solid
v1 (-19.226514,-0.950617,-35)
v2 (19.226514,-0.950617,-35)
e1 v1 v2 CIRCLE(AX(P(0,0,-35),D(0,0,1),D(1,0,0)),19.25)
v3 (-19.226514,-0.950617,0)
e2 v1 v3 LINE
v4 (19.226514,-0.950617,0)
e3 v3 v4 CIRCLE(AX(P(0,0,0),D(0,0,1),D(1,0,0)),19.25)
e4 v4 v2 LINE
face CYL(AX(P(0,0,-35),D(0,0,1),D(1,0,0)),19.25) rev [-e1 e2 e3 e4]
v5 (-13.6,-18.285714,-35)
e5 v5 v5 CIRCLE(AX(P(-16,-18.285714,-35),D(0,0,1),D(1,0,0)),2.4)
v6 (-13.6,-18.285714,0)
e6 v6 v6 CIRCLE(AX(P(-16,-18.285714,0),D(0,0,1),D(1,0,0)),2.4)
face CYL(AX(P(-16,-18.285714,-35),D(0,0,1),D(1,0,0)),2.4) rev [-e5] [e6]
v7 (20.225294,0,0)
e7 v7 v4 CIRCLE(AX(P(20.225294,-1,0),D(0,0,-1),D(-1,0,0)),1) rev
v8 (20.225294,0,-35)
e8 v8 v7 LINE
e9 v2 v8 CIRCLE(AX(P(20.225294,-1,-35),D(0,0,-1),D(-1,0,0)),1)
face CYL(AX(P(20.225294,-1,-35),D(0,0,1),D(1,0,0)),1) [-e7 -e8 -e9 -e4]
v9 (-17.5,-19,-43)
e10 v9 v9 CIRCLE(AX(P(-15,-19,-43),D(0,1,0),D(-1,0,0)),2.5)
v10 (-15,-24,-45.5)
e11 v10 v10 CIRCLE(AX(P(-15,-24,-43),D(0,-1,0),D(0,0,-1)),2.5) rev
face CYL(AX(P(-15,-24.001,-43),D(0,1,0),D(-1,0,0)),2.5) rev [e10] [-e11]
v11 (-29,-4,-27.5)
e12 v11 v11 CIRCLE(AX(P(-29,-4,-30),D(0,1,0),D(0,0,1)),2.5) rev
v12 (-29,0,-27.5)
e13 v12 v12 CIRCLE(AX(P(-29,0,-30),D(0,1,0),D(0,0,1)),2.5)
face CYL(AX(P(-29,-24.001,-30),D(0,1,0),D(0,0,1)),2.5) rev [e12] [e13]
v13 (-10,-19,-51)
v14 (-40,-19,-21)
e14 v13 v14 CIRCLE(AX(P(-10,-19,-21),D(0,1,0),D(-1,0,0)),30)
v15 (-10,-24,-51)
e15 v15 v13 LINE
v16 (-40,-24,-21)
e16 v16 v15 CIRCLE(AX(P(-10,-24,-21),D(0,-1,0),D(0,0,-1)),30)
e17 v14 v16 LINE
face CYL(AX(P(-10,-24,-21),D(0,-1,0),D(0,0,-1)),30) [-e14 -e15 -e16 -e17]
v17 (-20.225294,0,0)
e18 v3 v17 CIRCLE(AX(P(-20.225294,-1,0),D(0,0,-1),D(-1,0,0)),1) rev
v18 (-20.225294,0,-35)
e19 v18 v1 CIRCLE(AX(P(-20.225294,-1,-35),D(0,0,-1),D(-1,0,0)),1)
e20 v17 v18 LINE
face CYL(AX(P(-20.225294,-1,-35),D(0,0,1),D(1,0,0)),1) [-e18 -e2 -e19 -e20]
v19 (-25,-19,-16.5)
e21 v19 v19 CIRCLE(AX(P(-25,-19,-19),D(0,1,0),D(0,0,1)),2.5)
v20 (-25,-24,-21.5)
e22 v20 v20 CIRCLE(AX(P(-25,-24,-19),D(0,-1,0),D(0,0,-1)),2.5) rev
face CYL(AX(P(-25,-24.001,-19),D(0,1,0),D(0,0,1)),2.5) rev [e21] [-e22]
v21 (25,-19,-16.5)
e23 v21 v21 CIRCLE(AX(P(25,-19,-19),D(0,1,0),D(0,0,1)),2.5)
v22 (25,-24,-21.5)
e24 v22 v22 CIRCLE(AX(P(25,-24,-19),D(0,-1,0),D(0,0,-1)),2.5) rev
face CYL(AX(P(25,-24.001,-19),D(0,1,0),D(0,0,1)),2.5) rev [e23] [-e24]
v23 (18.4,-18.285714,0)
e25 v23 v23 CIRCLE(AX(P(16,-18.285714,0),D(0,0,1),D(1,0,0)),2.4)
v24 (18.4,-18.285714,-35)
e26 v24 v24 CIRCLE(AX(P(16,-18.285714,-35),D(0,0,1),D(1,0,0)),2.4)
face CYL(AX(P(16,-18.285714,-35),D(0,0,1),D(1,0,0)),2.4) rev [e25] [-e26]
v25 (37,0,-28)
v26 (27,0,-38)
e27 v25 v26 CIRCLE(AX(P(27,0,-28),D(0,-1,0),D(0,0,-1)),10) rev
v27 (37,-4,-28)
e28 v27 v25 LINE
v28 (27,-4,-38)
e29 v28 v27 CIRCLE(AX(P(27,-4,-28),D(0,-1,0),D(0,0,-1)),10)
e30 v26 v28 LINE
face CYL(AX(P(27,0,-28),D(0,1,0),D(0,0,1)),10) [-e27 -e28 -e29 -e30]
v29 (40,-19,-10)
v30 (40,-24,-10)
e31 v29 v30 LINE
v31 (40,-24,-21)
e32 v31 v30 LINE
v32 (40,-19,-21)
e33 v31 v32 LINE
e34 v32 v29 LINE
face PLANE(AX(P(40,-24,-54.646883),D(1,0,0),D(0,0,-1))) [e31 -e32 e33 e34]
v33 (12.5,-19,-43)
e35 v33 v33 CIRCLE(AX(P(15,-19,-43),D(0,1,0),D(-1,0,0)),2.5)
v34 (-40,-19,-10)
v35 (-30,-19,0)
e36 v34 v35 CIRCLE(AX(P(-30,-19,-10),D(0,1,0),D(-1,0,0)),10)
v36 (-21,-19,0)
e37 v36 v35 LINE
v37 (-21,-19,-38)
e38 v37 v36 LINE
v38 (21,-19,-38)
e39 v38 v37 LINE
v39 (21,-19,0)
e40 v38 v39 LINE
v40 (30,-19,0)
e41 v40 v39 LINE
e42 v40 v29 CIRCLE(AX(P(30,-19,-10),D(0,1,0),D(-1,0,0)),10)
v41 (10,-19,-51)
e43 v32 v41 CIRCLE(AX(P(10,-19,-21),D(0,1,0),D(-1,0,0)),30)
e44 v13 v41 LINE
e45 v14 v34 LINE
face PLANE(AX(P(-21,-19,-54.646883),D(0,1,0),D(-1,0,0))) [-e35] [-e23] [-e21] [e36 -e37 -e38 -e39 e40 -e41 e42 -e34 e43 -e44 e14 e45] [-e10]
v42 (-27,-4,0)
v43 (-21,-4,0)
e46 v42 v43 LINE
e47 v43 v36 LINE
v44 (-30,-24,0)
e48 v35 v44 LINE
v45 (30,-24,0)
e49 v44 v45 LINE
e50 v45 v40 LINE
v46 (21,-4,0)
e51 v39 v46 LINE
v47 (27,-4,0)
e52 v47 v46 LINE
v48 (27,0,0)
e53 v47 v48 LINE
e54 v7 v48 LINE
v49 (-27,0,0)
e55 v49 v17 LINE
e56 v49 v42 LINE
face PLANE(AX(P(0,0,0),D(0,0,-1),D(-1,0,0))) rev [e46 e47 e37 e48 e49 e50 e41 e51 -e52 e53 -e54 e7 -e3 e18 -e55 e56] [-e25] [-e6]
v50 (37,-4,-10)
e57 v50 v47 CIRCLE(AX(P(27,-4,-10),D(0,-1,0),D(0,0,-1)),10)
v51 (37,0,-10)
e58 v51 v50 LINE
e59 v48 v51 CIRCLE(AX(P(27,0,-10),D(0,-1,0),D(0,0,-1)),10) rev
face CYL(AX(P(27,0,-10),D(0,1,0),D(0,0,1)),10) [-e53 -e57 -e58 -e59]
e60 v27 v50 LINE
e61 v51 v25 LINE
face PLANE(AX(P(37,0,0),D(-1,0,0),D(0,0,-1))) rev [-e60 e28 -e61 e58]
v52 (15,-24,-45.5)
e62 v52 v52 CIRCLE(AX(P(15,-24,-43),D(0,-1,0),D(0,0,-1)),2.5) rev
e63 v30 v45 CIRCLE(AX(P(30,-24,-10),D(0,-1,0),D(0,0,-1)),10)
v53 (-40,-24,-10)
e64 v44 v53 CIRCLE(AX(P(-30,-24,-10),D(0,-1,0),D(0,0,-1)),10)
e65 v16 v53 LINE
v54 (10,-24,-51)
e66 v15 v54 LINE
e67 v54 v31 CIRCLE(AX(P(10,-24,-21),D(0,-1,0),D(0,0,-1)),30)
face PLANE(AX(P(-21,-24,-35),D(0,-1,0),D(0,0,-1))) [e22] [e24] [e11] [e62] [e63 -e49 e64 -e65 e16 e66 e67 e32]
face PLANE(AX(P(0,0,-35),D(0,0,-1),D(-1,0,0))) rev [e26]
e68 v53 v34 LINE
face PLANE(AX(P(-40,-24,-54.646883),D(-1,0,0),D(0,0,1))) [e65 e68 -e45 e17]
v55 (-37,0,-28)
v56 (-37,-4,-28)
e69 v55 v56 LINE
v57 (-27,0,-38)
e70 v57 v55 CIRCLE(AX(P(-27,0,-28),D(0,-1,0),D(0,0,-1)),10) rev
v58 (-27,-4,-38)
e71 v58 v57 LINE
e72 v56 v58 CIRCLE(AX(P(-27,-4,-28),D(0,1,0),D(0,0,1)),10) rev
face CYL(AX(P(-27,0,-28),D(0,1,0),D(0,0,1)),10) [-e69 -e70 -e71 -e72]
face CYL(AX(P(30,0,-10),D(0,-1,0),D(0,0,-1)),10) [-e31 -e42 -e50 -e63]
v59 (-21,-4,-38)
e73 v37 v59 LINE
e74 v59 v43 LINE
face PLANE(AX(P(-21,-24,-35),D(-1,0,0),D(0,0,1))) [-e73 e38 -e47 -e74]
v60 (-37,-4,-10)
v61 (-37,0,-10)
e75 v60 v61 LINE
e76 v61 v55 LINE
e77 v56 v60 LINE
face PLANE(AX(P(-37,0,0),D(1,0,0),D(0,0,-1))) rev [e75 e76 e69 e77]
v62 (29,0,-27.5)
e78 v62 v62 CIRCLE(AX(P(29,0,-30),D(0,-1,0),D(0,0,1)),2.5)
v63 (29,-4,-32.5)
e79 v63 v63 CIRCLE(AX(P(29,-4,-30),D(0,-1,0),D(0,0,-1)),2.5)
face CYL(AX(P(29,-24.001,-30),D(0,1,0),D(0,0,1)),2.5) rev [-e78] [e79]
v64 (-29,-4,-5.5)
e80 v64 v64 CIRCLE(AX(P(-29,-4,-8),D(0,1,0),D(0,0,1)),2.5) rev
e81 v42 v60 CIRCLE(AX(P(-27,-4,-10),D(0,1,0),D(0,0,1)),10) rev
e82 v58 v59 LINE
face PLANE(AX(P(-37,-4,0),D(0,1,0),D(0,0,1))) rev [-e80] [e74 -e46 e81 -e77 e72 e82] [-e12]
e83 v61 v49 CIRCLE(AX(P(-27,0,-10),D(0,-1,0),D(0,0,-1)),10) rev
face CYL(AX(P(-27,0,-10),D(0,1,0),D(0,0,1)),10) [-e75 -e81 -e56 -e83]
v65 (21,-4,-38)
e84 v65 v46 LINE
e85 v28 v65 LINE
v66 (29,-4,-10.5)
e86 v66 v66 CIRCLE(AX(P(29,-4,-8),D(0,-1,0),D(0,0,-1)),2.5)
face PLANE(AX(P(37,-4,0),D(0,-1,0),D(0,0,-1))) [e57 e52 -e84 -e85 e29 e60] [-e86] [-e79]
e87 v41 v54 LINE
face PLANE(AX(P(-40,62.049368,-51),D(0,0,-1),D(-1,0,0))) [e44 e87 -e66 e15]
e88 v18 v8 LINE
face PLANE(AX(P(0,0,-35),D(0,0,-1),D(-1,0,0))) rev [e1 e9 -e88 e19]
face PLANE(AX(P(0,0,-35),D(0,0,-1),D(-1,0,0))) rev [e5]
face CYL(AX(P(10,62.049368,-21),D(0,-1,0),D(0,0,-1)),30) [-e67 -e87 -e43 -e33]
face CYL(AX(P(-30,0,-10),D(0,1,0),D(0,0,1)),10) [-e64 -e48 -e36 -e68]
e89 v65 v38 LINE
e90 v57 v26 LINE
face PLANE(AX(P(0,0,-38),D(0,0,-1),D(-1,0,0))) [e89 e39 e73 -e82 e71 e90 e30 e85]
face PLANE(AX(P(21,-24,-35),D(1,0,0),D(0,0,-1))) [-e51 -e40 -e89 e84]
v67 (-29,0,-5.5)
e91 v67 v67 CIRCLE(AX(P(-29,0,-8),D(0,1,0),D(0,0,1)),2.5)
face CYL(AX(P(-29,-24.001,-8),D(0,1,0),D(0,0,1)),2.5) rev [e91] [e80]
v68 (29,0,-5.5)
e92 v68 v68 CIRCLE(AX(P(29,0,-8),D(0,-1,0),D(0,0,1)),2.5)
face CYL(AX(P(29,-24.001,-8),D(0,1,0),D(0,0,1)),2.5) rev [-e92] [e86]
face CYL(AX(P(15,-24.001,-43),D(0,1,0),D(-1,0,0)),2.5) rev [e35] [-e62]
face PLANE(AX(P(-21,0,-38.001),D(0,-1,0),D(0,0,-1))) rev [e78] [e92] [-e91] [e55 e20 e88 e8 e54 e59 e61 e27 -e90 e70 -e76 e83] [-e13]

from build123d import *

# Parameters (mm, degrees)
SKETCH1_W            = 42
SKETCH1_H            = 48
SKETCH1_R            = 19.25
SKETCH1_R_2          = 2.4
BOSS_EXTRUDE1_DEPTH  = 35
SKETCH4_W            = 19
SKETCH4_H            = 5
BOSS_EXTRUDE3_DEPTH  = 35
CUT_EXTRUDE1_REACH   = 70.367
SKETCH5_R            = 2.5
BOSS_EXTRUDE4_DEPTH  = 3
CUT_EXTRUDE2_REACH   = 62.166
SKETCH7_W            = 42
SKETCH7_H            = 24
FILLET1_R            = 1
SKETCH8_W            = 80
SKETCH8_H            = 13
BOSS_EXTRUDE5_DEPTH  = 5
CUT_EXTRUDE4_REACH   = 69.543
SKETCH10_R           = 2.5
FILLET5_R            = 30
FILLET6_R            = 10
SKETCH12_W           = 38
SKETCH12_H           = 4
BOSS_EXTRUDE6_DEPTH  = 16
CUT_EXTRUDE5_REACH   = 71.116
SKETCH13_R           = 2.5
FILLET7_R            = 10
FILLET7_OF_MIRROR1_R = 10


with BuildPart() as part:
    # Sketch1 → Boss-Extrude1 (new body)
    with BuildSketch(Plane.XY):
        Rectangle(SKETCH1_W, SKETCH1_H)
        Circle(SKETCH1_R, mode=Mode.SUBTRACT)
        with Locations((-16, 18.285714286)):
            Circle(SKETCH1_R_2, mode=Mode.SUBTRACT)
        with Locations((16, 18.285714286)):
            Circle(SKETCH1_R_2, mode=Mode.SUBTRACT)
        with Locations((16, -18.285714286)):
            Circle(SKETCH1_R_2, mode=Mode.SUBTRACT)
        with Locations((-16, -18.285714286)):
            Circle(SKETCH1_R_2, mode=Mode.SUBTRACT)
    extrude(amount=-BOSS_EXTRUDE1_DEPTH)

    # Sketch4 → Boss-Extrude3 (add)
    with BuildSketch(Plane.XY):
        with Locations((-30.5, -21.5)):
            Rectangle(SKETCH4_W, SKETCH4_H)
        with Locations((30.5, -21.5)):
            Rectangle(SKETCH4_W, SKETCH4_H)
    extrude(amount=-BOSS_EXTRUDE3_DEPTH)

    # Sketch5 → Cut-Extrude1 (cut, up to next)
    with BuildSketch(Plane(origin=(0, -19, 0), x_dir=(1, 0, 0), z_dir=(0, 1, 0)), mode=Mode.PRIVATE) as cut_extrude1_sk1:
        with Locations(Location((-25, 19, 0), (0, 0, 270))):
            Circle(SKETCH5_R)
    cut_extrude1_tool1 = extrude(cut_extrude1_sk1.sketch, amount=-CUT_EXTRUDE1_REACH, mode=Mode.PRIVATE) & part.part
    # Sketch5 → Cut-Extrude1 (cut, up to next)
    with BuildSketch(Plane(origin=(0, -19, 0), x_dir=(1, 0, 0), z_dir=(0, 1, 0)), mode=Mode.PRIVATE) as cut_extrude1_sk2:
        with Locations(Location((25, 19, 0), (0, 0, 270))):
            Circle(SKETCH5_R)
    cut_extrude1_tool2 = extrude(cut_extrude1_sk2.sketch, amount=-CUT_EXTRUDE1_REACH, mode=Mode.PRIVATE) & part.part
    add(cut_extrude1_tool1.solids().sort_by_distance((-25, -19, -19))[0], mode=Mode.SUBTRACT)
    add(cut_extrude1_tool2.solids().sort_by_distance((25, -19, -19))[0], mode=Mode.SUBTRACT)

    # Sketch6 → Boss-Extrude4 (add)
    with BuildSketch(Plane(origin=(0, 0, -35), x_dir=(-1, 0, 0), z_dir=(0, 0, -1))):
        Polygon((-21, 24), (-21, -19), (-40, -19), (-40, -24), (40, -24), (40, -19), (21, -19), (21, 24), align=None)
    extrude(amount=BOSS_EXTRUDE4_DEPTH)

    # Sketch7 → Cut-Extrude2 (cut, up to next)
    with BuildSketch(Plane.XY, mode=Mode.PRIVATE) as cut_extrude2_sk1:
        with Locations((0, 12)):
            Rectangle(SKETCH7_W, SKETCH7_H)
    cut_extrude2_tool1 = extrude(cut_extrude2_sk1.sketch, amount=-CUT_EXTRUDE2_REACH, mode=Mode.PRIVATE) & part.part
    add(cut_extrude2_tool1.solids().sort_by_distance((0, 12, 0))[0], mode=Mode.SUBTRACT)

    # Fillet1
    fillet1_edges = [part.edges().sort_by_distance(p)[0] for p in [
        (19.25, 0, -17.5),
        (-19.25, 0, -17.5),
    ]]
    fillet(fillet1_edges, radius=FILLET1_R)

    # Sketch8 → Boss-Extrude5 (add)
    with BuildSketch(Plane.XZ.offset(24)):
        with Locations((0, -44.5)):
            Rectangle(SKETCH8_W, SKETCH8_H)
    extrude(amount=-BOSS_EXTRUDE5_DEPTH)

    # Sketch10 → Cut-Extrude4 (cut, up to next)
    with BuildSketch(Plane(origin=(0, -19, 0), x_dir=(1, 0, 0), z_dir=(0, 1, 0)), mode=Mode.PRIVATE) as cut_extrude4_sk1:
        with Locations(Location((-15, 43, 0), (0, 0, 180))):
            Circle(SKETCH10_R)
    cut_extrude4_tool1 = extrude(cut_extrude4_sk1.sketch, amount=-CUT_EXTRUDE4_REACH, mode=Mode.PRIVATE) & part.part
    # Sketch10 → Cut-Extrude4 (cut, up to next)
    with BuildSketch(Plane(origin=(0, -19, 0), x_dir=(1, 0, 0), z_dir=(0, 1, 0)), mode=Mode.PRIVATE) as cut_extrude4_sk2:
        with Locations(Location((15, 43, 0), (0, 0, 180))):
            Circle(SKETCH10_R)
    cut_extrude4_tool2 = extrude(cut_extrude4_sk2.sketch, amount=-CUT_EXTRUDE4_REACH, mode=Mode.PRIVATE) & part.part
    add(cut_extrude4_tool1.solids().sort_by_distance((-15, -19, -43))[0], mode=Mode.SUBTRACT)
    add(cut_extrude4_tool2.solids().sort_by_distance((15, -19, -43))[0], mode=Mode.SUBTRACT)

    # Fillet5
    fillet5_edges = [part.edges().sort_by_distance(p)[0] for p in [
        (-40, -21.5, -51),
        (40, -21.5, -51),
    ]]
    fillet(fillet5_edges, radius=FILLET5_R)

    # Fillet6
    fillet6_edges = [part.edges().sort_by_distance(p)[0] for p in [
        (-40, -21.5, 0),
        (40, -21.5, 0),
    ]]
    fillet(fillet6_edges, radius=FILLET6_R)

    # Sketch12 → Boss-Extrude6 (add)
    with BuildSketch(Plane.ZY.offset(21)):
        with Locations((-19, -2)):
            Rectangle(SKETCH12_W, SKETCH12_H)
    boss_extrude6 = extrude(amount=BOSS_EXTRUDE6_DEPTH)

    # Sketch13 → Cut-Extrude5 (cut, up to next)
    with BuildSketch(Plane(origin=(0, 0, 0), x_dir=(1, 0, 0), z_dir=(0, 1, 0)), mode=Mode.PRIVATE) as cut_extrude5_sk1:
        with Locations(Location((-29, 8, 0), (0, 0, 270))):
            Circle(SKETCH13_R)
    cut_extrude5_tool1 = extrude(cut_extrude5_sk1.sketch, amount=-CUT_EXTRUDE5_REACH, mode=Mode.PRIVATE) & part.part
    # Sketch13 → Cut-Extrude5 (cut, up to next)
    with BuildSketch(Plane(origin=(0, 0, 0), x_dir=(1, 0, 0), z_dir=(0, 1, 0)), mode=Mode.PRIVATE) as cut_extrude5_sk2:
        with Locations(Location((-29, 30, 0), (0, 0, 270))):
            Circle(SKETCH13_R)
    cut_extrude5_tool2 = extrude(cut_extrude5_sk2.sketch, amount=-CUT_EXTRUDE5_REACH, mode=Mode.PRIVATE) & part.part
    cut_extrude5_1 = cut_extrude5_tool1.solids().sort_by_distance((-29, 0, -8))[0]
    add(cut_extrude5_1, mode=Mode.SUBTRACT)
    cut_extrude5_2 = cut_extrude5_tool2.solids().sort_by_distance((-29, 0, -30))[0]
    add(cut_extrude5_2, mode=Mode.SUBTRACT)
    cut_extrude5 = cut_extrude5_1 + cut_extrude5_2  # Cut-Extrude5 as one shape, for the pattern or mirror that repeats it

    # Fillet7
    fillet7_edges = [part.edges().sort_by_distance(p)[0] for p in [
        (-37, -2, 0),
        (-37, -2, -38),
    ]]
    fillet(fillet7_edges, radius=FILLET7_R)

    # Mirror1: Boss-Extrude6, Cut-Extrude5 across plane
    add(boss_extrude6.mirror(Plane(origin=(0, 0, 0), x_dir=(0, 0, 1), z_dir=(1, 0, 0))))
    add(cut_extrude5.mirror(Plane(origin=(0, 0, 0), x_dir=(0, 0, 1), z_dir=(1, 0, 0))), mode=Mode.SUBTRACT)

    # Fillet7 of Mirror1
    fillet7_of_mirror1_edges = [part.edges().sort_by_distance(p)[0] for p in [
        (37, -2, 0),
        (37, -2, -38),
    ]]
    fillet(fillet7_of_mirror1_edges, radius=FILLET7_OF_MIRROR1_R)


solid = part.part
